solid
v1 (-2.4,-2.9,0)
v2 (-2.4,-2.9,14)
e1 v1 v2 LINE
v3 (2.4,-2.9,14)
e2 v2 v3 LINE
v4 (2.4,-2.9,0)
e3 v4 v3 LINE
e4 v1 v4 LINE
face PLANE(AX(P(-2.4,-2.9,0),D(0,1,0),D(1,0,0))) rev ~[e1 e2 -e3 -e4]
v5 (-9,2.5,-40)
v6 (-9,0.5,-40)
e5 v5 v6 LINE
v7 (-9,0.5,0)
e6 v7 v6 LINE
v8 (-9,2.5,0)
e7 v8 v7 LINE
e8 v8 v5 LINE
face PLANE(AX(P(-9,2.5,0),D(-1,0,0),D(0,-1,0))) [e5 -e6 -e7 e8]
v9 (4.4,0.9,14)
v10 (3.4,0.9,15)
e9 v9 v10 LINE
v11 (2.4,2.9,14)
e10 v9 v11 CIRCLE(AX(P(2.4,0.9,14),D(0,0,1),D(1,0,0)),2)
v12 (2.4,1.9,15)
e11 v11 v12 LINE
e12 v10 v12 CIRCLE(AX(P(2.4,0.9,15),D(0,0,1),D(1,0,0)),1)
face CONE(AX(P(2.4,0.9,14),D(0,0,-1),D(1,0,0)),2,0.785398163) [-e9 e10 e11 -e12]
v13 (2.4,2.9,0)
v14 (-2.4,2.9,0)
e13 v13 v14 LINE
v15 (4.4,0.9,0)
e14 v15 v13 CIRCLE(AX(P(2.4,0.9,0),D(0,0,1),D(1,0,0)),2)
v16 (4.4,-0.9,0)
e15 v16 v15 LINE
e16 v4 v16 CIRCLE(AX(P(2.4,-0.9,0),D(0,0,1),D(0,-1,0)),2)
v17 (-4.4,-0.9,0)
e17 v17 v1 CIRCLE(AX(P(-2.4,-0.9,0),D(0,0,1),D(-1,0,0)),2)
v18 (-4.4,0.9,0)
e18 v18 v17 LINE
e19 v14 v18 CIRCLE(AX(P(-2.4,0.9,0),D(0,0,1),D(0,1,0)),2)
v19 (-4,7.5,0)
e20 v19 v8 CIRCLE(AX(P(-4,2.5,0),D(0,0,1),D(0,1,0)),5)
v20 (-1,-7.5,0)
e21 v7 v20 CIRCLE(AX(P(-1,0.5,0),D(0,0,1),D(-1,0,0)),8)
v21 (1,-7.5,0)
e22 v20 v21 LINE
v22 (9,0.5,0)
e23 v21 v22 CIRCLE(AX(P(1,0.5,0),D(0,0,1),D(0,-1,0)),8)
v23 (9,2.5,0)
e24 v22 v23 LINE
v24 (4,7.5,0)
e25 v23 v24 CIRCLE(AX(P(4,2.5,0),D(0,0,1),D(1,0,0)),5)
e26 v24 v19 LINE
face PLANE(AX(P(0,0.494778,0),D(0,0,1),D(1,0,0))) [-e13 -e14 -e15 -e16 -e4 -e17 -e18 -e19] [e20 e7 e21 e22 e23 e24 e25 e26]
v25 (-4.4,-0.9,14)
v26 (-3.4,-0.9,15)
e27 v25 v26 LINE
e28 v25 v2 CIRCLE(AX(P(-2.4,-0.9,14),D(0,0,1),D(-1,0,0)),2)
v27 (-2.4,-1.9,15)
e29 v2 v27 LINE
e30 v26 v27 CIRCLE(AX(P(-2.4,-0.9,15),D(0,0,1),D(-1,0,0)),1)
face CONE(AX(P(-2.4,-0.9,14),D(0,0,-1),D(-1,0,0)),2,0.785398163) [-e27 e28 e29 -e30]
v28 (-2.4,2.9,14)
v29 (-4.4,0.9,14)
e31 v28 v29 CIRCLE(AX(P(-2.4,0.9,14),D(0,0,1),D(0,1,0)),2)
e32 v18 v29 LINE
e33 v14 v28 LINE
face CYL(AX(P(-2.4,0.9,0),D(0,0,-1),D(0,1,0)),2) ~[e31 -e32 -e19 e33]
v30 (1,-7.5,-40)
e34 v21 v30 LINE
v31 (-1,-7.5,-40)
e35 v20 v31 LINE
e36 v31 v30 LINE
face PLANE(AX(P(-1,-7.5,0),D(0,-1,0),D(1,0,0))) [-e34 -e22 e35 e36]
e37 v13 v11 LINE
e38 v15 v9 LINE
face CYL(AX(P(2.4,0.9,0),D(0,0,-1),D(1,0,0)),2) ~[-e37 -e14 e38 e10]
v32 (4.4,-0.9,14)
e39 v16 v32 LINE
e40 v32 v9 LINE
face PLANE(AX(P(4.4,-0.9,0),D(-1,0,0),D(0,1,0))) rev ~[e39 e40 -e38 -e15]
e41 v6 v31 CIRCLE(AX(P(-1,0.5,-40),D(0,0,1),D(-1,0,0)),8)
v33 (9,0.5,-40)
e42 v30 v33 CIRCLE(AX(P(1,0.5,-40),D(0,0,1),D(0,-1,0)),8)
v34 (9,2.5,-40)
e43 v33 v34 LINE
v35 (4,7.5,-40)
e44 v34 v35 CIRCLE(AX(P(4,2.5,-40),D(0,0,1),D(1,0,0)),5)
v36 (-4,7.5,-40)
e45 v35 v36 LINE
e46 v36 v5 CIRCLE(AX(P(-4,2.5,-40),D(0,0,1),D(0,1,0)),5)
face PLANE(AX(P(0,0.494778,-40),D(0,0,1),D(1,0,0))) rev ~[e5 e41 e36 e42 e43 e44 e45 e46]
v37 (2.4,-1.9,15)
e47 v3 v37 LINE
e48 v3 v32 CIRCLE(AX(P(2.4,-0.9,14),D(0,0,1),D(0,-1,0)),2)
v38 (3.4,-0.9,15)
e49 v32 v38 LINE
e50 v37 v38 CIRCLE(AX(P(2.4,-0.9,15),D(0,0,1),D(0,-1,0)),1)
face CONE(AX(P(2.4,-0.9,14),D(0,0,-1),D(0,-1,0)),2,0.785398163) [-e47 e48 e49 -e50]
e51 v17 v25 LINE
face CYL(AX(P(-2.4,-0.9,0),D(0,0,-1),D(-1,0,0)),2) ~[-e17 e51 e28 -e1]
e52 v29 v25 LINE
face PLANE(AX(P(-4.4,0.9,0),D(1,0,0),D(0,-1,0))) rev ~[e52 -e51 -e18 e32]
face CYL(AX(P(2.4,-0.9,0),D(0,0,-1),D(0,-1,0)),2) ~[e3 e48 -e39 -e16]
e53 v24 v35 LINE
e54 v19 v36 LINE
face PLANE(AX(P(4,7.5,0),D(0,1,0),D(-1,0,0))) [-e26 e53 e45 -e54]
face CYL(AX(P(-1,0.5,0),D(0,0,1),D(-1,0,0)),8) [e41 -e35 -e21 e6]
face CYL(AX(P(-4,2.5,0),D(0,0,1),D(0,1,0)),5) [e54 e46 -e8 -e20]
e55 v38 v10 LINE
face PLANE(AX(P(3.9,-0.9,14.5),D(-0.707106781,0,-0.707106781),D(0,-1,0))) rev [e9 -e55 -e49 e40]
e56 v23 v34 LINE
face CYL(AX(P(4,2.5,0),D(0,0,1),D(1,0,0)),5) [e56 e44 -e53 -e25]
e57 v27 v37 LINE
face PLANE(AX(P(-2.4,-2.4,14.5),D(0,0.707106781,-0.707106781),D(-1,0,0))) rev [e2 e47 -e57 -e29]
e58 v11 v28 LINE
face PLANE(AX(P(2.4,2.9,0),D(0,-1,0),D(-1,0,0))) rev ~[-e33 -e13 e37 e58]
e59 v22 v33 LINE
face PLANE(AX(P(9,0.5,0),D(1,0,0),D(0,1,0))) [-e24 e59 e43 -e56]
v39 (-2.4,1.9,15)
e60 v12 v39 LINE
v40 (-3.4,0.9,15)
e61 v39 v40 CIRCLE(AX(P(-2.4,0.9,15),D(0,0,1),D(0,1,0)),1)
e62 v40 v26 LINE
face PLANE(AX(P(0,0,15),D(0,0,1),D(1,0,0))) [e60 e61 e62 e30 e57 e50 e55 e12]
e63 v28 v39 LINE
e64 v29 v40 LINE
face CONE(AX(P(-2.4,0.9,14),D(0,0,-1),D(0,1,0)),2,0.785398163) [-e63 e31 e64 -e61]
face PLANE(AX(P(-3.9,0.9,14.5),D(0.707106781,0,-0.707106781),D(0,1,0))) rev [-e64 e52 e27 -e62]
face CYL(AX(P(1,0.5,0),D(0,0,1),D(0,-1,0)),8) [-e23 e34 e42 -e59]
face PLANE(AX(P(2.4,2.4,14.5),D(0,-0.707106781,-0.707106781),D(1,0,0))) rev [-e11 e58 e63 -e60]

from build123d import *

# Parameters (mm, degrees)
F1_DEPTH = 40
F2_DEPTH = 15
F3_SIZE  = 1


with BuildPart() as f1:
    # F0 (on Top) → F1 (new body)
    with BuildSketch(Plane.XY):
        with BuildLine():
            Line((4, 7.5), (-4, 7.5))
            ThreePointArc((-4, 7.5), (-7.5355339059, 6.0355339059), (-9, 2.5))
            Line((-9, 2.5), (-9, 0.5))
            ThreePointArc((-9, 0.5), (-6.6568542495, -5.1568542495), (-1, -7.5))
            Line((-1, -7.5), (1, -7.5))
            ThreePointArc((1, -7.5), (6.6568542495, -5.1568542495), (9, 0.5))
            Line((9, 0.5), (9, 2.5))
            ThreePointArc((9, 2.5), (7.5355339059, 6.0355339059), (4, 7.5))
        make_face()
        with BuildLine():
            ThreePointArc((-4.4, 0.9), (-3.8142135624, 2.3142135624), (-2.4, 2.9))
            Line((-2.4, 2.9), (2.4, 2.9))
            ThreePointArc((2.4, 2.9), (3.8142135624, 2.3142135624), (4.4, 0.9))
            Line((4.4, 0.9), (4.4, -0.9))
            ThreePointArc((4.4, -0.9), (3.8142135624, -2.3142135624), (2.4, -2.9))
            Line((2.4, -2.9), (-2.4, -2.9))
            ThreePointArc((-2.4, -2.9), (-3.8142135624, -2.3142135624), (-4.4, -0.9))
            Line((-4.4, -0.9), (-4.4, 0.9))
        make_face(mode=Mode.SUBTRACT)
        with BuildLine():
            Line((2.4, 2.9), (-2.4, 2.9))
            ThreePointArc((-2.4, 2.9), (-3.8142135624, 2.3142135624), (-4.4, 0.9))
            Line((-4.4, 0.9), (-4.4, -0.9))
            ThreePointArc((-4.4, -0.9), (-3.8142135624, -2.3142135624), (-2.4, -2.9))
            Line((-2.4, -2.9), (2.4, -2.9))
            ThreePointArc((2.4, -2.9), (3.8142135624, -2.3142135624), (4.4, -0.9))
            Line((4.4, -0.9), (4.4, 0.9))
            ThreePointArc((4.4, 0.9), (3.8142135624, 2.3142135624), (2.4, 2.9))
        make_face()
    extrude(amount=-F1_DEPTH)

    # F0 (on Top) → F2 (join)
    with BuildSketch(Plane.XY):
        with BuildLine():
            Line((2.4, 2.9), (-2.4, 2.9))
            ThreePointArc((-2.4, 2.9), (-3.8142135624, 2.3142135624), (-4.4, 0.9))
            Line((-4.4, 0.9), (-4.4, -0.9))
            ThreePointArc((-4.4, -0.9), (-3.8142135624, -2.3142135624), (-2.4, -2.9))
            Line((-2.4, -2.9), (2.4, -2.9))
            ThreePointArc((2.4, -2.9), (3.8142135624, -2.3142135624), (4.4, -0.9))
            Line((4.4, -0.9), (4.4, 0.9))
            ThreePointArc((4.4, 0.9), (3.8142135624, 2.3142135624), (2.4, 2.9))
        make_face()
    extrude(amount=F2_DEPTH)

    # F3
    f3_edges = [f1.edges().sort_by_distance(p)[0] for p in [
        (0, 2.9, 15),
        (-3.814214, 2.314214, 15),
        (-4.4, 0, 15),
        (-3.814214, -2.314214, 15),
        (0, -2.9, 15),
        (3.814214, -2.314214, 15),
        (4.4, 0, 15),
        (3.814214, 2.314214, 15),
    ]]
    chamfer(f3_edges, length=F3_SIZE)


solid = f1.part
